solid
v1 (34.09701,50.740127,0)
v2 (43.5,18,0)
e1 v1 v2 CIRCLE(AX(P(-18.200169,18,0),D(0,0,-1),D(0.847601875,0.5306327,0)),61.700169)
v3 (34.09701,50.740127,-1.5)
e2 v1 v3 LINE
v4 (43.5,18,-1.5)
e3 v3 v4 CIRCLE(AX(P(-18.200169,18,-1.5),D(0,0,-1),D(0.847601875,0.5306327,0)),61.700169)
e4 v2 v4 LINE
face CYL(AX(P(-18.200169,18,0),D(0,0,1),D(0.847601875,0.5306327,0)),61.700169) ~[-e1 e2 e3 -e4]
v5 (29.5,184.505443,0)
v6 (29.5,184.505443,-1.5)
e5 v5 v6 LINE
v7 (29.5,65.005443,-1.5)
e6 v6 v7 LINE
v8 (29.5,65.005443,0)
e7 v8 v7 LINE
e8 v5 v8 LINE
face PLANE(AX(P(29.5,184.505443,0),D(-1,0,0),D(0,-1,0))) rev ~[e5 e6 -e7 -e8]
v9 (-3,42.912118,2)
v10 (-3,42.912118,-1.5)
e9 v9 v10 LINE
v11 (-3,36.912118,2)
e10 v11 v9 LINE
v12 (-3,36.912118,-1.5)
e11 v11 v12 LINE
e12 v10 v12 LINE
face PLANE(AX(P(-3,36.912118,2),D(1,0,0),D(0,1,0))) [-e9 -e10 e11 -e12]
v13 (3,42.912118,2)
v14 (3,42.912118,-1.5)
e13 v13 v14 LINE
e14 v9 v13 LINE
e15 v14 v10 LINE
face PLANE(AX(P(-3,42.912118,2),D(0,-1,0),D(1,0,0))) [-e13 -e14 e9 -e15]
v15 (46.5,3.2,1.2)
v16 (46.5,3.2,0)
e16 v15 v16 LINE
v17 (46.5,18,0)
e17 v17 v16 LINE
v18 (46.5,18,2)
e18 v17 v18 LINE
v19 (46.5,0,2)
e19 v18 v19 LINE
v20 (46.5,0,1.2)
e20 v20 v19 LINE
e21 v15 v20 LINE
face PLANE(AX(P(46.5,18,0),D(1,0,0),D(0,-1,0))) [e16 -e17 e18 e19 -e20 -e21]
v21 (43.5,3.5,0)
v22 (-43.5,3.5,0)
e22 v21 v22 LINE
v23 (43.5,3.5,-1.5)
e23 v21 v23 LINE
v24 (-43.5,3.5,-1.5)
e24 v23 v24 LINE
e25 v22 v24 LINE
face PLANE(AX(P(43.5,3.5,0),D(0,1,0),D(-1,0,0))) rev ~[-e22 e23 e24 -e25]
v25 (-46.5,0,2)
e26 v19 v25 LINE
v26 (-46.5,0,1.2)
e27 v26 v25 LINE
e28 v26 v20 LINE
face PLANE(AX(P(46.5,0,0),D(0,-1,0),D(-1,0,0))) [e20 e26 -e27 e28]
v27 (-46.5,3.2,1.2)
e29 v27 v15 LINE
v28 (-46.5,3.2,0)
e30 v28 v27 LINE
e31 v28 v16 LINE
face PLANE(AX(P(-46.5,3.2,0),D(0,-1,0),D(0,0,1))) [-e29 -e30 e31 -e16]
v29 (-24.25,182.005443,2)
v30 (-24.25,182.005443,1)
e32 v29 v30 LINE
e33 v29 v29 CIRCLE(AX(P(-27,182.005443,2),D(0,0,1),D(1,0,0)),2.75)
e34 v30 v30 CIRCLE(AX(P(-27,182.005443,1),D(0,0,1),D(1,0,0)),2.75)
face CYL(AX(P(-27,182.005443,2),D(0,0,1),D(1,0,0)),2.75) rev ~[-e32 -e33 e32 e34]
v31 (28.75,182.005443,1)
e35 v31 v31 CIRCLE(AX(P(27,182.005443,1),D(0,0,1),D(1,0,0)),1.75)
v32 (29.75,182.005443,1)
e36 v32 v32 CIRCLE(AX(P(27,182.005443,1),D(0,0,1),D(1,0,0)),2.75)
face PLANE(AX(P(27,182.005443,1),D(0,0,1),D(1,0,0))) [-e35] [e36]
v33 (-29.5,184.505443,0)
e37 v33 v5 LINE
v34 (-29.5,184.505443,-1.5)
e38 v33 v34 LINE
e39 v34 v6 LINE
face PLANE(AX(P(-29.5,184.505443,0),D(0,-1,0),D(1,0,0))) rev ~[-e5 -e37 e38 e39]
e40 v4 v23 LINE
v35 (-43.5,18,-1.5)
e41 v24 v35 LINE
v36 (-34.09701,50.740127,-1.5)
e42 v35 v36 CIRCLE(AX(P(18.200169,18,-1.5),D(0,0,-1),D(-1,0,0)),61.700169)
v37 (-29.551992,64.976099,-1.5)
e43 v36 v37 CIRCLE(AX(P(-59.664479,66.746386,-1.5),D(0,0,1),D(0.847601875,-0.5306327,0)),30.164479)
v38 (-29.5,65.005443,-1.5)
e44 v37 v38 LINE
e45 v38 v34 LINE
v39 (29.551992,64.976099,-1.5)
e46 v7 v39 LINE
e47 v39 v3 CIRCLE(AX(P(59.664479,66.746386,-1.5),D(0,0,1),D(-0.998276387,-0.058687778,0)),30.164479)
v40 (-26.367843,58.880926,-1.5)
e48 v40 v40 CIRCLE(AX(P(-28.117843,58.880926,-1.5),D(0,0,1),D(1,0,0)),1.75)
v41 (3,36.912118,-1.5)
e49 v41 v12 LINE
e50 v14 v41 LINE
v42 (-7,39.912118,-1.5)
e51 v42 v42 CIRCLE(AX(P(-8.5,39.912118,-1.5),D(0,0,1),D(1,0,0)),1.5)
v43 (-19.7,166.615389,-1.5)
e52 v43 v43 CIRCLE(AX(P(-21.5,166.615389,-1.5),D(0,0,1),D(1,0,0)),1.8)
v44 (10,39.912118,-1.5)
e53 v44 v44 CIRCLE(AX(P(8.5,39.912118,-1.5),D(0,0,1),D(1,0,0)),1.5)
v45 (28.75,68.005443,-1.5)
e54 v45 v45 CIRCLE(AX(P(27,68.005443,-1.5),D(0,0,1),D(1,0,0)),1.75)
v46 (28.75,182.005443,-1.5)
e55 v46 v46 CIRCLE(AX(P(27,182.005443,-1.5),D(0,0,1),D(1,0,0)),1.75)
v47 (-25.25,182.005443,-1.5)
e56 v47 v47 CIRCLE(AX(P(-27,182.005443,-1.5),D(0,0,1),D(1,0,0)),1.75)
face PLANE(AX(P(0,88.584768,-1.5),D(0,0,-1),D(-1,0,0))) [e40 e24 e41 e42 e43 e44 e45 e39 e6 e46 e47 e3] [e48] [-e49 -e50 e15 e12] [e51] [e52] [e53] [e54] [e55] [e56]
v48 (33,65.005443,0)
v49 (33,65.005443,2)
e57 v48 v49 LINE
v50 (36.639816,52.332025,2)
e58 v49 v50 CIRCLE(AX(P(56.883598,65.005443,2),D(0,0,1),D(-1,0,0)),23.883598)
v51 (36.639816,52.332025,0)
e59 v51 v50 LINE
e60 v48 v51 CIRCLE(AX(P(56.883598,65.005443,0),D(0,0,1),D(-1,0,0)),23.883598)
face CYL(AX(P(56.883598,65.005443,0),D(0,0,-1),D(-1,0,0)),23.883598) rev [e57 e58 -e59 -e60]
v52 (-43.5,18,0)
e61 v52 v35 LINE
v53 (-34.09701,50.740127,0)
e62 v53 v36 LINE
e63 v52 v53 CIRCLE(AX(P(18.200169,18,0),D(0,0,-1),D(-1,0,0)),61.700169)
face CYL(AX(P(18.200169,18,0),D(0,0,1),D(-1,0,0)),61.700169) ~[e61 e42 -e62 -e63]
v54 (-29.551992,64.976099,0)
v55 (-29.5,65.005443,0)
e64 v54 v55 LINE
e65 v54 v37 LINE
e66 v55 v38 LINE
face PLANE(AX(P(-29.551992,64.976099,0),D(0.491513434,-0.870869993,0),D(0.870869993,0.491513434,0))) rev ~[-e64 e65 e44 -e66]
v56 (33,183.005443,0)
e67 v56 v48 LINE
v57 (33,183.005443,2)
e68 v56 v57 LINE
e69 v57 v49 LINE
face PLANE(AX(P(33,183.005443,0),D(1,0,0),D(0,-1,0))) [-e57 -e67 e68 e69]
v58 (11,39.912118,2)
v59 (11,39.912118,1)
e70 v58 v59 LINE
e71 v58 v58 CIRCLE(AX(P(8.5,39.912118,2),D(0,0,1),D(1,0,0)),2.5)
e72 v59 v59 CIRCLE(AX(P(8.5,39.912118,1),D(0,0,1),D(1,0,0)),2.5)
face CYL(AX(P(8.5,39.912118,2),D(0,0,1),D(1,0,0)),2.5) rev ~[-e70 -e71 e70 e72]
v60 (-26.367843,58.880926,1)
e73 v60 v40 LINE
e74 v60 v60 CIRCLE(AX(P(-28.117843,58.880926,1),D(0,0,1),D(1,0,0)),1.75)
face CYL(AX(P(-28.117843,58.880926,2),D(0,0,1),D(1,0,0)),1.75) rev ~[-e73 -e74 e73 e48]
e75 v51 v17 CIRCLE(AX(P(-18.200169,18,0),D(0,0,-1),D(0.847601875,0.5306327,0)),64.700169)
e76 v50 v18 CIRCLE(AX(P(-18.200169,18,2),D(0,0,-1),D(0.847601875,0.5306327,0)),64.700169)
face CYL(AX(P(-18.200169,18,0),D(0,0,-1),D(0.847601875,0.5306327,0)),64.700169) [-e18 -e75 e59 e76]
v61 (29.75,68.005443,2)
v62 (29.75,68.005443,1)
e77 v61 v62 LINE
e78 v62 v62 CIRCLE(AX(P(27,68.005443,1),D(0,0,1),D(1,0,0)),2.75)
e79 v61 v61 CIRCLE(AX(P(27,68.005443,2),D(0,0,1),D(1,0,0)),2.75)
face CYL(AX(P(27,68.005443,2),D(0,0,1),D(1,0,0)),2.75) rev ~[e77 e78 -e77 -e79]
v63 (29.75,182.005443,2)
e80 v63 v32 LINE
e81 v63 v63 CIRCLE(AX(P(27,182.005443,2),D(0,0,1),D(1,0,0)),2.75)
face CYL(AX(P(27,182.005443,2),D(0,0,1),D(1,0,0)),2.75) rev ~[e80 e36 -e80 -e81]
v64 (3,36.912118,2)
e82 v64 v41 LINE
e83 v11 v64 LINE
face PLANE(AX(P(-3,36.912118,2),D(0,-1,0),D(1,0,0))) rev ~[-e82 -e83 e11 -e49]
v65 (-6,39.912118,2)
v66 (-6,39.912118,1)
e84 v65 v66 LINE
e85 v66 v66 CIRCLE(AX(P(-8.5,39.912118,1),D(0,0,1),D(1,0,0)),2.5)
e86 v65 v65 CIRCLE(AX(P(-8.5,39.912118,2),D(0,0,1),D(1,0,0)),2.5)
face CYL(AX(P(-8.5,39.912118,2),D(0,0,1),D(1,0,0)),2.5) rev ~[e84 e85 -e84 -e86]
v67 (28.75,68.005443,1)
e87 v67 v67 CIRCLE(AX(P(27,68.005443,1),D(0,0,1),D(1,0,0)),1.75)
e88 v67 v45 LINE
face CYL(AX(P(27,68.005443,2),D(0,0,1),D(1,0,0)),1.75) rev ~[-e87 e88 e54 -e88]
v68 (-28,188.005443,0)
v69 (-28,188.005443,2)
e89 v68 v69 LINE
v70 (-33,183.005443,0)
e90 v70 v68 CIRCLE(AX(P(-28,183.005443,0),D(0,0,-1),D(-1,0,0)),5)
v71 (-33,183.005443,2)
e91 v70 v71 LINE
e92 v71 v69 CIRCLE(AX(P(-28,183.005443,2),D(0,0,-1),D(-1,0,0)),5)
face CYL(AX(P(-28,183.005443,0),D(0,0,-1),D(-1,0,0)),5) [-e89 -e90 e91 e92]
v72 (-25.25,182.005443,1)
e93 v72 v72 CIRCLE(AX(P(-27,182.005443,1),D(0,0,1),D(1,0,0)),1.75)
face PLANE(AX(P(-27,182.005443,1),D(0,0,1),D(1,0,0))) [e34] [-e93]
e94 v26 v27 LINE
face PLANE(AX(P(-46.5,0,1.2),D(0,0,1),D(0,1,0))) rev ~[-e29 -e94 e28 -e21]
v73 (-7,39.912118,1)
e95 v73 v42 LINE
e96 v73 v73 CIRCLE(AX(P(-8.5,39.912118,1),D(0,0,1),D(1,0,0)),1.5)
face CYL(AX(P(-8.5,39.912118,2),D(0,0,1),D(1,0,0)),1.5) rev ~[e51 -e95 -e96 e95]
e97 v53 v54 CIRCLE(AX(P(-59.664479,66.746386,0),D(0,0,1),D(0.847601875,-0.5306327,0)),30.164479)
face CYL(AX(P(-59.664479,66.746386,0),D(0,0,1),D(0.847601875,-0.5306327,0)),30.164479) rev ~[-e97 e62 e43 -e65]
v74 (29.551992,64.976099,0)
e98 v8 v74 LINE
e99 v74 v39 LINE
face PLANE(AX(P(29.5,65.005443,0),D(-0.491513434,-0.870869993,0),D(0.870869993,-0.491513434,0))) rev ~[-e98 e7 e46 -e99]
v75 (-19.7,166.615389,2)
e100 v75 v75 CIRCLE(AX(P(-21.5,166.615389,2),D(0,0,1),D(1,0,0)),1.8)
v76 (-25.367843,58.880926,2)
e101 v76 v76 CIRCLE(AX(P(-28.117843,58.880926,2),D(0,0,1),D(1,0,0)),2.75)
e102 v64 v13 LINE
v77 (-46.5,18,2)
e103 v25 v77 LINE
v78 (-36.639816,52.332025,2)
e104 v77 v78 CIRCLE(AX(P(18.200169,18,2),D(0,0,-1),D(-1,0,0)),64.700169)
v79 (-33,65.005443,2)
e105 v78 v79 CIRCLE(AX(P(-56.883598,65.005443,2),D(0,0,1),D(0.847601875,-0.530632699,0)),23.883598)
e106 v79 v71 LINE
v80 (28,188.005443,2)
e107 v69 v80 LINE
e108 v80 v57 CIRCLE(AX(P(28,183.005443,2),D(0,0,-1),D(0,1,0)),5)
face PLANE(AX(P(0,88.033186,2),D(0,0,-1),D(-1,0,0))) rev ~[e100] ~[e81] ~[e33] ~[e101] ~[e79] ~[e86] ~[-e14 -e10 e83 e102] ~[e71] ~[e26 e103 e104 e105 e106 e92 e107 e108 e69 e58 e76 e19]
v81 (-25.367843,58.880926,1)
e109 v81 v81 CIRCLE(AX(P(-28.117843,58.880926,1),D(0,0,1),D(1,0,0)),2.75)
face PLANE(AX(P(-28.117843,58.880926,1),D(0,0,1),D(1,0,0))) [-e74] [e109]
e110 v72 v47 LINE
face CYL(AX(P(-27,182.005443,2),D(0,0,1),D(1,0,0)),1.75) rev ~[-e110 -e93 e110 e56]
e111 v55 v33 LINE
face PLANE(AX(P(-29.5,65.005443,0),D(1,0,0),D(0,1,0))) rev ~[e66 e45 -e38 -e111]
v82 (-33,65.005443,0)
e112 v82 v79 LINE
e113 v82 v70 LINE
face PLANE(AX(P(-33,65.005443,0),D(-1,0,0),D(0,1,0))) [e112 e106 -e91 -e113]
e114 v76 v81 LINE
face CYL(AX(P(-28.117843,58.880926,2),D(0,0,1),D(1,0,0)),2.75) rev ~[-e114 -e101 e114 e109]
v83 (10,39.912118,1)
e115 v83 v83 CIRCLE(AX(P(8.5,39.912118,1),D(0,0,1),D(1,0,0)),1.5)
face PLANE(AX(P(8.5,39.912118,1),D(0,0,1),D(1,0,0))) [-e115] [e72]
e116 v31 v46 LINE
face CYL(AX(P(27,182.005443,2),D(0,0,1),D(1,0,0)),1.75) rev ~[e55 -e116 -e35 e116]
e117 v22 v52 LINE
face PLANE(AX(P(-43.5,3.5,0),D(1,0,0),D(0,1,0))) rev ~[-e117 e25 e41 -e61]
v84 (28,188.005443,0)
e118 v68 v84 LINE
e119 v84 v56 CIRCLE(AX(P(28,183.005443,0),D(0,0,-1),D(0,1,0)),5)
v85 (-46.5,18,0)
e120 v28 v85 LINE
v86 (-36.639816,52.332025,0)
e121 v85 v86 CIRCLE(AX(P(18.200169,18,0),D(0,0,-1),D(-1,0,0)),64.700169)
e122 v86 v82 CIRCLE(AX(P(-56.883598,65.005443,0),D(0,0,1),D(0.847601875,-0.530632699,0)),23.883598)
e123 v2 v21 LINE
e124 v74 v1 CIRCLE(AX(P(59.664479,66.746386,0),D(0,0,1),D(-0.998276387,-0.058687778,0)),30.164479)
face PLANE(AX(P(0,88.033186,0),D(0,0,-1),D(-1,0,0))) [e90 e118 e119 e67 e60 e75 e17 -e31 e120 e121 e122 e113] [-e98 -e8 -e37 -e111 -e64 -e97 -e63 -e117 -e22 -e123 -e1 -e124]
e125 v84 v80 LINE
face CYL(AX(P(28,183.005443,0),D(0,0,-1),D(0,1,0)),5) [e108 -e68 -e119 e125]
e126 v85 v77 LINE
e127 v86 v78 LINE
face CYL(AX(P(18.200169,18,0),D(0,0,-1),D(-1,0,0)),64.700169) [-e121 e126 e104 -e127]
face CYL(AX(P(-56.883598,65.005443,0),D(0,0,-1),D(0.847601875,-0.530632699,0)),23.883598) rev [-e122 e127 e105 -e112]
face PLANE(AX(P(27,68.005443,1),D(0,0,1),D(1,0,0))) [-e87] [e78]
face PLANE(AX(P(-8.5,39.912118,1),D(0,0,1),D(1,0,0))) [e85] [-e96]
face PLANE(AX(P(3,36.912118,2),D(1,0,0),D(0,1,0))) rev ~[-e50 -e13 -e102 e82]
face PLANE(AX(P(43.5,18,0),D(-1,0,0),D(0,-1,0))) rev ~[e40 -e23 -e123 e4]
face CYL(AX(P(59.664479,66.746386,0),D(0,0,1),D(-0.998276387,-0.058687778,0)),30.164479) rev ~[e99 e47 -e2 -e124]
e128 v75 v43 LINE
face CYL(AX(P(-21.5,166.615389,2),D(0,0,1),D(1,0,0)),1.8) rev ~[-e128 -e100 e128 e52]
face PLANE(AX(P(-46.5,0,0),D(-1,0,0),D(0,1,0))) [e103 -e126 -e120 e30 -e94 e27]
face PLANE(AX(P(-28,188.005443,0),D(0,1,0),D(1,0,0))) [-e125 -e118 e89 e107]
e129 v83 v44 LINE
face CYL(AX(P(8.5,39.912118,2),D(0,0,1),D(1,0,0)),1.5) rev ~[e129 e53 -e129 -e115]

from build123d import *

# Parameters (mm, degrees)
BOSS_EXTRUDE1_DEPTH = 1.5
BOSS_EXTRUDE2_DEPTH = 2
SKETCH3_W           = 1.2
SKETCH3_H           = 3.2
CUT_EXTRUDE1_DEPTH  = 210.759497368
SKETCH4_R           = 1.75
SKETCH4_R_2         = 1.5
SKETCH4_W           = 6
SKETCH4_H           = 6
CUT_EXTRUDE2_DEPTH  = 194.70221149
SKETCH5_R           = 2.75
SKETCH5_R_2         = 2.5
CUT_EXTRUDE3_DEPTH  = 1
SKETCH6_R           = 1.8
CUT_EXTRUDE4_DEPTH  = 194.70221149


with BuildPart() as part:
    # Sketch1 → Boss-Extrude1 (new body)
    with BuildSketch(Plane.XY):
        with BuildLine():
            Line((-43.5, 3.5), (-43.5, 18))
            ThreePointArc((-43.5, 18), (-41.102679313, 35.031824172), (-34.097009983, 50.740127019))
            ThreePointArc((-34.097009983, 50.740127019), (-30.928959041, 57.572199931), (-29.55199189, 64.976099479))
            Line((-29.55199189, 64.976099479), (-29.5, 65.005443368))
            Line((-29.5, 65.005443368), (-29.5, 184.505443368))
            Line((-29.5, 184.505443368), (29.5, 184.505443368))
            Line((29.5, 184.505443368), (29.5, 65.005443368))
            Line((29.5, 65.005443368), (29.55199189, 64.976099479))
            ThreePointArc((29.55199189, 64.976099479), (30.928959041, 57.572199931), (34.097009983, 50.740127019))
            ThreePointArc((34.097009983, 50.740127019), (41.102679313, 35.031824172), (43.5, 18))
            Line((43.5, 18), (43.5, 3.5))
            Line((43.5, 3.5), (-43.5, 3.5))
        make_face()
    extrude(amount=-BOSS_EXTRUDE1_DEPTH)

    # Sketch2 → Boss-Extrude2 (add)
    with BuildSketch(Plane.XY):
        with BuildLine():
            Line((-46.5, 3), (-46.5, 18))
            ThreePointArc((-46.5, 18), (-43.986116227, 35.859949502), (-36.639815607, 52.332025117))
            ThreePointArc((-36.639815607, 52.332025117), (-33.927981976, 58.412572449), (-33, 65.005443368))
            Line((-33, 65.005443368), (-33, 183.005443368))
            ThreePointArc((-33, 183.005443368), (-31.535533906, 186.540977274), (-28, 188.005443368))
            Line((-28, 188.005443368), (28, 188.005443368))
            ThreePointArc((28, 188.005443368), (31.535533906, 186.540977274), (33, 183.005443368))
            Line((33, 183.005443368), (33, 65.005443368))
            ThreePointArc((33, 65.005443368), (33.927981976, 58.412572449), (36.639815607, 52.332025117))
            ThreePointArc((36.639815607, 52.332025117), (43.986116227, 35.859949502), (46.5, 18))
            Line((46.5, 18), (46.5, 3))
            Line((46.5, 3), (46.5, 0))
            Line((46.5, 0), (-46.5, 0))
            Line((-46.5, 0), (-46.5, 3))
        make_face()
    extrude(amount=BOSS_EXTRUDE2_DEPTH)

    # Sketch3 → Cut-Extrude1 (cut, through all)
    with BuildSketch(Plane.ZY.offset(46.5)):
        with Locations((0.6, 1.6)):
            Rectangle(SKETCH3_W, SKETCH3_H)
    extrude(amount=-CUT_EXTRUDE1_DEPTH, mode=Mode.SUBTRACT)

    # Sketch4 → Cut-Extrude2 (cut, through all)
    with BuildSketch(Plane.XY.offset(2)):
        with Locations((-27, 182.005443368)):
            Circle(SKETCH4_R)
        with Locations((27, 182.005443368)):
            Circle(SKETCH4_R)
        with Locations((-28.117843442, 58.880926182)):
            Circle(SKETCH4_R)
        with Locations((27, 68.005443368)):
            Circle(SKETCH4_R)
        with Locations((-8.5, 39.912117831)):
            Circle(SKETCH4_R_2)
        with Locations((8.5, 39.912117831)):
            Circle(SKETCH4_R_2)
        with Locations((0, 39.912117831)):
            Rectangle(SKETCH4_W, SKETCH4_H)
    extrude(amount=-CUT_EXTRUDE2_DEPTH, mode=Mode.SUBTRACT)

    # Sketch5 → Cut-Extrude3 (cut)
    with BuildSketch(Plane.XY.offset(2)):
        with Locations((27, 182.005443368)):
            Circle(SKETCH5_R)
        with Locations((-27, 182.005443368)):
            Circle(SKETCH5_R)
        with Locations((-28.117843442, 58.880926182)):
            Circle(SKETCH5_R)
        with Locations((-8.5, 39.912117831)):
            Circle(SKETCH5_R_2)
        with Locations((8.5, 39.912117831)):
            Circle(SKETCH5_R_2)
        with Locations((27, 68.005443368)):
            Circle(SKETCH5_R)
    extrude(amount=-CUT_EXTRUDE3_DEPTH, mode=Mode.SUBTRACT)

    # Sketch6 → Cut-Extrude4 (cut, through all)
    with BuildSketch(Plane.XY.offset(2)):
        with Locations((-21.5, 166.615388867)):
            Circle(SKETCH6_R)
    extrude(amount=-CUT_EXTRUDE4_DEPTH, mode=Mode.SUBTRACT)


solid = part.part
